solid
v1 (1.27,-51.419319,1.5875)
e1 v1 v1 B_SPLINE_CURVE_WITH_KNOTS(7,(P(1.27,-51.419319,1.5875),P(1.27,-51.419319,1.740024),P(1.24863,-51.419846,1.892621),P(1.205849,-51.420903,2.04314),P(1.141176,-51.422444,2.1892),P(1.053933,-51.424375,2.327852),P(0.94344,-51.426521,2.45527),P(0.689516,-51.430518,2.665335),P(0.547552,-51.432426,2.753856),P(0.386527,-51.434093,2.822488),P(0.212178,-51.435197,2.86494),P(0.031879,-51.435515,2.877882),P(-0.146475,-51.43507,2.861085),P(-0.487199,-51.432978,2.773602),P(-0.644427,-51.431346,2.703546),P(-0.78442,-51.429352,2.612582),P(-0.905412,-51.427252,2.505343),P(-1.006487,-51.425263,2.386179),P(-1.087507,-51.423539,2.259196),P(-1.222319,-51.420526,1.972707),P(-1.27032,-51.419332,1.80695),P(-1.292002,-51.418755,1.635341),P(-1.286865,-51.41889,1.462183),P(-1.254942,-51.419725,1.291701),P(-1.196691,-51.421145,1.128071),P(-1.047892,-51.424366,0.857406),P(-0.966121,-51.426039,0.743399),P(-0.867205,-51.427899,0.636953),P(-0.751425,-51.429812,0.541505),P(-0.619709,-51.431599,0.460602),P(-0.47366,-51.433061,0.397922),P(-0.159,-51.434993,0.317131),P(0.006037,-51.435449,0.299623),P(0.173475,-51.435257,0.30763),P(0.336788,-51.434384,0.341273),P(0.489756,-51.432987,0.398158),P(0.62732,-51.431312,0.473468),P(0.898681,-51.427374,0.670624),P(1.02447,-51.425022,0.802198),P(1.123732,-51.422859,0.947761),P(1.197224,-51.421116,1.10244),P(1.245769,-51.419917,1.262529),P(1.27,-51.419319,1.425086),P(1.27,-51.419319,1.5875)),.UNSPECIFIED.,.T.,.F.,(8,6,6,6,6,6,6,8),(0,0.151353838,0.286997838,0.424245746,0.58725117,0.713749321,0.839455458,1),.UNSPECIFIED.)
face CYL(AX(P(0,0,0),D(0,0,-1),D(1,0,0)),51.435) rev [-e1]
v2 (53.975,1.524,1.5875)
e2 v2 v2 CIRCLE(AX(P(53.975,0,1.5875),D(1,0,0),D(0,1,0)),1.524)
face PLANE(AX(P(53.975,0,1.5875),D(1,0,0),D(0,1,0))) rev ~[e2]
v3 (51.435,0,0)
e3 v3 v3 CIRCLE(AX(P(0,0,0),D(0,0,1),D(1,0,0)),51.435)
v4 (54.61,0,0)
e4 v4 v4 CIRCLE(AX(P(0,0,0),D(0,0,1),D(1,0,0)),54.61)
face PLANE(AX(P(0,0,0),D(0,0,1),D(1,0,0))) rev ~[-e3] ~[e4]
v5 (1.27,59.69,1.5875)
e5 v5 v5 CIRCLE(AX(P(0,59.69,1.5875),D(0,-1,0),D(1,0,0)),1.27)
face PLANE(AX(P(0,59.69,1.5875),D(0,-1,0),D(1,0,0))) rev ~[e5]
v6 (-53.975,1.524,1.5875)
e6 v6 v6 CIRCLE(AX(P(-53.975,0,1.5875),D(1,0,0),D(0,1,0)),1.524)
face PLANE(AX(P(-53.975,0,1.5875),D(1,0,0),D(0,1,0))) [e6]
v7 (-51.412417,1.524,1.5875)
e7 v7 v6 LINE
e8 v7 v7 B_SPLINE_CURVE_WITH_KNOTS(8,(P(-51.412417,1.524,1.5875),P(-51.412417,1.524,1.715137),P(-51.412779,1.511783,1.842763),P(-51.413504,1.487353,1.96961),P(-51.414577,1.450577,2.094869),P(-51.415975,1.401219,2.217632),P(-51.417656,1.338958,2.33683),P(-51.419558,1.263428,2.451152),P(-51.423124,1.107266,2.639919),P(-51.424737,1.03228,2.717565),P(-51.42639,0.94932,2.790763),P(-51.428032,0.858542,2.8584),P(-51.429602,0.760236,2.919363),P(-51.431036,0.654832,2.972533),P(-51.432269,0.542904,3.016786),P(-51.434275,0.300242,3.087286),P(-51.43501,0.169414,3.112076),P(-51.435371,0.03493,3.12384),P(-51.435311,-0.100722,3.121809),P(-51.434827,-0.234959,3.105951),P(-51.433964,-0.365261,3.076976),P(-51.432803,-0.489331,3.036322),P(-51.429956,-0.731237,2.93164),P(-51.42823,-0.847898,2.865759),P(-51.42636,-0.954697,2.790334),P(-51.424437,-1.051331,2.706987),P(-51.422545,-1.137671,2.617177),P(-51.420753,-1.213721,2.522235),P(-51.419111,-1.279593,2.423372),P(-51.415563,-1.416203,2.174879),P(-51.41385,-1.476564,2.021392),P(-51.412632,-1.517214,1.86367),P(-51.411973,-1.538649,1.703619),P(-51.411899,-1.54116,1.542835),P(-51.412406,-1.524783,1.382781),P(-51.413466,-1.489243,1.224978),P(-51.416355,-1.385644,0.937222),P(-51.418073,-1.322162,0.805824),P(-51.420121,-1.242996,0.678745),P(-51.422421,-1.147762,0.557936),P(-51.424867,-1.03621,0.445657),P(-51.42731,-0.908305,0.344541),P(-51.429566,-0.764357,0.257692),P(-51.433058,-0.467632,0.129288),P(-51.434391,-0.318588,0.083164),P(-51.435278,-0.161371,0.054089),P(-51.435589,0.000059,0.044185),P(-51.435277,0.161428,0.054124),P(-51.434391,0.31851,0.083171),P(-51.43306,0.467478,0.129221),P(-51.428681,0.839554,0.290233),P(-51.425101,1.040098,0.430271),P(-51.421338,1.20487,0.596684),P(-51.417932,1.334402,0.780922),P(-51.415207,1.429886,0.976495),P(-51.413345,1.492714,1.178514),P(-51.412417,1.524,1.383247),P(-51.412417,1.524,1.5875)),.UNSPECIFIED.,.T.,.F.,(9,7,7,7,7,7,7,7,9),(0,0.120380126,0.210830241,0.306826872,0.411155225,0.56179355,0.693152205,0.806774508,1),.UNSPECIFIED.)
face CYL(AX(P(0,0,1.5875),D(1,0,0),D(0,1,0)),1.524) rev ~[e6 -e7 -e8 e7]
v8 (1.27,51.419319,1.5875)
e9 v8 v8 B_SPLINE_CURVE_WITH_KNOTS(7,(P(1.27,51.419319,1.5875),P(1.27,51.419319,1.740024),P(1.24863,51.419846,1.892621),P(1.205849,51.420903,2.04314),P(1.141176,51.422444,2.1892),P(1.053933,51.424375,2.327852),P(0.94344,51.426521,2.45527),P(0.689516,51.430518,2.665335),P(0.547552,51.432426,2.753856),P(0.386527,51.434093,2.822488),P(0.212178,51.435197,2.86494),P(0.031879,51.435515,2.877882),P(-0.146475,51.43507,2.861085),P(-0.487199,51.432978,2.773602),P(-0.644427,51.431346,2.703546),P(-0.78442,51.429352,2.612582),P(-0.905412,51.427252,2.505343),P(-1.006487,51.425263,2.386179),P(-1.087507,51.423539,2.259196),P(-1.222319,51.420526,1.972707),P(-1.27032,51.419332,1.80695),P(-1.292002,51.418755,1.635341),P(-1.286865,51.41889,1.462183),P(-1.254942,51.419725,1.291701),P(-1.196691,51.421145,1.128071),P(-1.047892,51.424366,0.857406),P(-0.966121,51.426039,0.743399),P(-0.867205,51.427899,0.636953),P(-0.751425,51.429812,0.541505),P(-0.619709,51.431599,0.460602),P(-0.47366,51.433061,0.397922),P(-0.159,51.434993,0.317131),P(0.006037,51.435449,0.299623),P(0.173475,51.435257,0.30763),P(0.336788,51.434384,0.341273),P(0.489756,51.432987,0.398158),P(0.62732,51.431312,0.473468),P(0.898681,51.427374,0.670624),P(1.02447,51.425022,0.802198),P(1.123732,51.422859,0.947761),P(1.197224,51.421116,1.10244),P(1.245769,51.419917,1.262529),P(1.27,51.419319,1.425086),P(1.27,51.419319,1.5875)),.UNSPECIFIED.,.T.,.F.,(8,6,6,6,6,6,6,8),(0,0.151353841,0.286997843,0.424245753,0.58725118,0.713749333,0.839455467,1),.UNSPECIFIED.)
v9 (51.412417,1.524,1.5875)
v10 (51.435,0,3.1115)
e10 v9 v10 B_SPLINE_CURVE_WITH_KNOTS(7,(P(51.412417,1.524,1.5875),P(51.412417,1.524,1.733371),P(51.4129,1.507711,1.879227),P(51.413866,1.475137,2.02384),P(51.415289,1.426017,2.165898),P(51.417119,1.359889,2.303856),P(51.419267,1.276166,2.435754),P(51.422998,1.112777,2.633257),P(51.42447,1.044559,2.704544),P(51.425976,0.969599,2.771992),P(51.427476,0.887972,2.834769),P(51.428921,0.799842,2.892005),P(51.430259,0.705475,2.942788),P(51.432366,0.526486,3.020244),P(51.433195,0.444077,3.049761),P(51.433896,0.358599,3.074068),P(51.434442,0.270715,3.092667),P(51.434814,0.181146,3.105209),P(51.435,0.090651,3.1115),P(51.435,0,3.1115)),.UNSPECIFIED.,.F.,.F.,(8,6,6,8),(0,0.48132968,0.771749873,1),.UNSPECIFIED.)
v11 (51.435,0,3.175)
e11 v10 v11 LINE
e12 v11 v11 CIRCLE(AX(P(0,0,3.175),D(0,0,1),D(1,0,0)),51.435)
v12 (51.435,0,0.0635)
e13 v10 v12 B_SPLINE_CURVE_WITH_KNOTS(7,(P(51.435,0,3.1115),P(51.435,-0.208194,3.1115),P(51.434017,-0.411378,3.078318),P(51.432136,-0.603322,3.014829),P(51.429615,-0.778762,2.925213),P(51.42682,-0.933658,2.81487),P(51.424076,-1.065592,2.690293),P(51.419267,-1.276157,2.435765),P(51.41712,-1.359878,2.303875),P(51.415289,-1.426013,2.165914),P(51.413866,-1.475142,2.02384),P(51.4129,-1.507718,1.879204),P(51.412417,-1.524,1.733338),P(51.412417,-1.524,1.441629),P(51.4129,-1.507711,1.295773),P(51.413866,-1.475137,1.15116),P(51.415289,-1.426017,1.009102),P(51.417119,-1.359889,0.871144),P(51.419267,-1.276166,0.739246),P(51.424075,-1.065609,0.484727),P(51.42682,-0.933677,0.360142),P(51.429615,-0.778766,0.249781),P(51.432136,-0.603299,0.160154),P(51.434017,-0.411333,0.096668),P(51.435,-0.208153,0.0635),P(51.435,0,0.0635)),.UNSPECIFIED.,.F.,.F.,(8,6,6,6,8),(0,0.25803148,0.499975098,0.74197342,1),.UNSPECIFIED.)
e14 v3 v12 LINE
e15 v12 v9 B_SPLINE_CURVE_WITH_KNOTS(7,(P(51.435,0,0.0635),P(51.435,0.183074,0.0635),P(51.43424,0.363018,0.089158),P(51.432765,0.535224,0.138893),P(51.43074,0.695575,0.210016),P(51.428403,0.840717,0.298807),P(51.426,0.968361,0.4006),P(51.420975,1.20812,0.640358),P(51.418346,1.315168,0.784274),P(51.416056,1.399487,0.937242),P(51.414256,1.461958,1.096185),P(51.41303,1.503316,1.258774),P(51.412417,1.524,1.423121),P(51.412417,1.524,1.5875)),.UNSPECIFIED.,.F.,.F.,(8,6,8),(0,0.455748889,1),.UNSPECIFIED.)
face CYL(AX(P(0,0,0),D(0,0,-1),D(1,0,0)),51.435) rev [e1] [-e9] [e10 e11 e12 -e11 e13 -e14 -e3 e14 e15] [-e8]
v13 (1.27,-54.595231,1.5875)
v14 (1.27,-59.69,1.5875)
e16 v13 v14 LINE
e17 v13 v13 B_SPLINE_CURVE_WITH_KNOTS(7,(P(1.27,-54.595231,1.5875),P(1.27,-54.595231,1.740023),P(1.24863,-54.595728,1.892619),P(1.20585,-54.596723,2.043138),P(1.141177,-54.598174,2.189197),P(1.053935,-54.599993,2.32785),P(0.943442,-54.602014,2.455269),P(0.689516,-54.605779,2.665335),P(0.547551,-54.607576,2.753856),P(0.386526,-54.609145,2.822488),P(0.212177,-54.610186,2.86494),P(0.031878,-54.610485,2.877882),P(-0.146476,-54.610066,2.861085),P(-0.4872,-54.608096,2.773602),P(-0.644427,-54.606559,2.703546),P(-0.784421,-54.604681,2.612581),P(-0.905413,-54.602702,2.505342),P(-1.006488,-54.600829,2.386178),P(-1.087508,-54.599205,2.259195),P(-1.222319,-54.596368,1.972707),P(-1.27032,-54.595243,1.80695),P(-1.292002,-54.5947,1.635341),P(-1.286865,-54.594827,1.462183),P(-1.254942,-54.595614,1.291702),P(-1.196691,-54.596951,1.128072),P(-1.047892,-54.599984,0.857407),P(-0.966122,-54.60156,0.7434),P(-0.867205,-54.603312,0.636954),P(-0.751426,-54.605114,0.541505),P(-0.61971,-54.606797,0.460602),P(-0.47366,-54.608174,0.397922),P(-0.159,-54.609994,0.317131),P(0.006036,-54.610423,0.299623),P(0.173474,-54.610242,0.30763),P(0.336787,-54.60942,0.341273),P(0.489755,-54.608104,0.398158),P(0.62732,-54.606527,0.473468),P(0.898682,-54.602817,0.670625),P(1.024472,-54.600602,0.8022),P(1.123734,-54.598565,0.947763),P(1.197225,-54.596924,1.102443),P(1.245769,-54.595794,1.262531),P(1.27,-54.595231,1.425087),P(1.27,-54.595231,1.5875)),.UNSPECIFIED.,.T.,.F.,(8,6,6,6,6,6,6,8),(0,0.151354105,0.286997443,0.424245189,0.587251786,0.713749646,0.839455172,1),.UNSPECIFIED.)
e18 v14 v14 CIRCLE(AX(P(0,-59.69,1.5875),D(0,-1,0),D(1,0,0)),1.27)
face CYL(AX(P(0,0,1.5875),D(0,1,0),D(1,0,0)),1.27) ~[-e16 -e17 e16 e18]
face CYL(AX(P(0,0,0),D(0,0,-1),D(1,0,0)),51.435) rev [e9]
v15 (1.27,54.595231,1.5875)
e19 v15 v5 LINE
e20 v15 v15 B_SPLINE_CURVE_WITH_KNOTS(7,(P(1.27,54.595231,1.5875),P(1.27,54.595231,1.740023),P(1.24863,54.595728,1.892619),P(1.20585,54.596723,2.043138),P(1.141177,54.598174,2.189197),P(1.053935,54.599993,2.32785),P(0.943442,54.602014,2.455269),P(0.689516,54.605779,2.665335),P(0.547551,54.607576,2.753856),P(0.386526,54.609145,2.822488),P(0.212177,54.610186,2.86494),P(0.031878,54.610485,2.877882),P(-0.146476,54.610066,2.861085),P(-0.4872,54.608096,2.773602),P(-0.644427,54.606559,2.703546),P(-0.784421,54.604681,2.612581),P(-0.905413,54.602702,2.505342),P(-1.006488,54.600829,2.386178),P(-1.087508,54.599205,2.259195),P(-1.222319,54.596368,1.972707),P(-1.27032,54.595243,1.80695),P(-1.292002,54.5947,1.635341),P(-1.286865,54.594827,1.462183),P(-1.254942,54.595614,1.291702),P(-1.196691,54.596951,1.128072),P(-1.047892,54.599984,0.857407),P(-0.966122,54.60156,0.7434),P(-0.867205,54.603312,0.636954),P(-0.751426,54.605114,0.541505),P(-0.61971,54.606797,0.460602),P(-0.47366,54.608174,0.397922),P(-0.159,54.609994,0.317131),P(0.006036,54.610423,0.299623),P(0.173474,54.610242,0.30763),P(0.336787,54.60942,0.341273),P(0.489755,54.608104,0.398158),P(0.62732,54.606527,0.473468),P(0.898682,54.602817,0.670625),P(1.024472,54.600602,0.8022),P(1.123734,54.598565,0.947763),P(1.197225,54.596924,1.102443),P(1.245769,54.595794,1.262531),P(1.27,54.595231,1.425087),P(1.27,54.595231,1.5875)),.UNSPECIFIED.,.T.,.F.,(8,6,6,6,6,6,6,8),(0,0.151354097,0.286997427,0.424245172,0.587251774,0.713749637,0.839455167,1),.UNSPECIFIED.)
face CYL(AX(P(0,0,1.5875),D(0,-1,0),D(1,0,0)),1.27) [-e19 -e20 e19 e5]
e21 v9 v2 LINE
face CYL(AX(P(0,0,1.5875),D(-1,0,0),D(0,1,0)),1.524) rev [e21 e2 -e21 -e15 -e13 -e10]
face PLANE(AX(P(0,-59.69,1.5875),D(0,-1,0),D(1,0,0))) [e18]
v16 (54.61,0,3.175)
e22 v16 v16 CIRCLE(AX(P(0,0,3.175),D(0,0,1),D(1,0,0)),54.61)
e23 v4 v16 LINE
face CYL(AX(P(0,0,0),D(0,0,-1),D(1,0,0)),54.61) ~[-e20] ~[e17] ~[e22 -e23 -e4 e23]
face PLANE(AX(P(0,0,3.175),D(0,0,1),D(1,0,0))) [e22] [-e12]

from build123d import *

# Parameters (mm, degrees)
F0_R          = 54.61
F0_R_2        = 51.435
F1_DEPTH      = 3.175
F2_R          = 1.27
F3_DEPTH      = 59.69
F3_DEPTH_BACK = 59.69
F4_R          = 51.435
F5_DEPTH      = 25.4
F6_R          = 1.524
F7_DEPTH      = 53.975
F7_DEPTH_BACK = 53.975


with BuildPart() as f1:
    # F0 (on Top) → F1 (new body)
    with BuildSketch(Plane.XY):
        Circle(F0_R)
        Circle(F0_R_2, mode=Mode.SUBTRACT)
    extrude(amount=F1_DEPTH)

    # F2 (on Front) → F3 (join, two sides)
    with BuildSketch(Plane.XZ) as f3_sk:
        with Locations((0, 1.5875)):
            Circle(F2_R)
    extrude(amount=F3_DEPTH)
    extrude(f3_sk.sketch, amount=-F3_DEPTH_BACK)

    # F4 (on Top) → F5 (cut)
    with BuildSketch(Plane.XY):
        Circle(F4_R)
    extrude(amount=F5_DEPTH, mode=Mode.SUBTRACT)

    # F6 (on Right) → F7 (cut, two sides)
    with BuildSketch(Plane.YZ) as f7_sk:
        with Locations((0, 1.5875)):
            Circle(F6_R)
    extrude(amount=-F7_DEPTH, mode=Mode.SUBTRACT)
    extrude(f7_sk.sketch, amount=F7_DEPTH_BACK, mode=Mode.SUBTRACT)


solid = f1.part
